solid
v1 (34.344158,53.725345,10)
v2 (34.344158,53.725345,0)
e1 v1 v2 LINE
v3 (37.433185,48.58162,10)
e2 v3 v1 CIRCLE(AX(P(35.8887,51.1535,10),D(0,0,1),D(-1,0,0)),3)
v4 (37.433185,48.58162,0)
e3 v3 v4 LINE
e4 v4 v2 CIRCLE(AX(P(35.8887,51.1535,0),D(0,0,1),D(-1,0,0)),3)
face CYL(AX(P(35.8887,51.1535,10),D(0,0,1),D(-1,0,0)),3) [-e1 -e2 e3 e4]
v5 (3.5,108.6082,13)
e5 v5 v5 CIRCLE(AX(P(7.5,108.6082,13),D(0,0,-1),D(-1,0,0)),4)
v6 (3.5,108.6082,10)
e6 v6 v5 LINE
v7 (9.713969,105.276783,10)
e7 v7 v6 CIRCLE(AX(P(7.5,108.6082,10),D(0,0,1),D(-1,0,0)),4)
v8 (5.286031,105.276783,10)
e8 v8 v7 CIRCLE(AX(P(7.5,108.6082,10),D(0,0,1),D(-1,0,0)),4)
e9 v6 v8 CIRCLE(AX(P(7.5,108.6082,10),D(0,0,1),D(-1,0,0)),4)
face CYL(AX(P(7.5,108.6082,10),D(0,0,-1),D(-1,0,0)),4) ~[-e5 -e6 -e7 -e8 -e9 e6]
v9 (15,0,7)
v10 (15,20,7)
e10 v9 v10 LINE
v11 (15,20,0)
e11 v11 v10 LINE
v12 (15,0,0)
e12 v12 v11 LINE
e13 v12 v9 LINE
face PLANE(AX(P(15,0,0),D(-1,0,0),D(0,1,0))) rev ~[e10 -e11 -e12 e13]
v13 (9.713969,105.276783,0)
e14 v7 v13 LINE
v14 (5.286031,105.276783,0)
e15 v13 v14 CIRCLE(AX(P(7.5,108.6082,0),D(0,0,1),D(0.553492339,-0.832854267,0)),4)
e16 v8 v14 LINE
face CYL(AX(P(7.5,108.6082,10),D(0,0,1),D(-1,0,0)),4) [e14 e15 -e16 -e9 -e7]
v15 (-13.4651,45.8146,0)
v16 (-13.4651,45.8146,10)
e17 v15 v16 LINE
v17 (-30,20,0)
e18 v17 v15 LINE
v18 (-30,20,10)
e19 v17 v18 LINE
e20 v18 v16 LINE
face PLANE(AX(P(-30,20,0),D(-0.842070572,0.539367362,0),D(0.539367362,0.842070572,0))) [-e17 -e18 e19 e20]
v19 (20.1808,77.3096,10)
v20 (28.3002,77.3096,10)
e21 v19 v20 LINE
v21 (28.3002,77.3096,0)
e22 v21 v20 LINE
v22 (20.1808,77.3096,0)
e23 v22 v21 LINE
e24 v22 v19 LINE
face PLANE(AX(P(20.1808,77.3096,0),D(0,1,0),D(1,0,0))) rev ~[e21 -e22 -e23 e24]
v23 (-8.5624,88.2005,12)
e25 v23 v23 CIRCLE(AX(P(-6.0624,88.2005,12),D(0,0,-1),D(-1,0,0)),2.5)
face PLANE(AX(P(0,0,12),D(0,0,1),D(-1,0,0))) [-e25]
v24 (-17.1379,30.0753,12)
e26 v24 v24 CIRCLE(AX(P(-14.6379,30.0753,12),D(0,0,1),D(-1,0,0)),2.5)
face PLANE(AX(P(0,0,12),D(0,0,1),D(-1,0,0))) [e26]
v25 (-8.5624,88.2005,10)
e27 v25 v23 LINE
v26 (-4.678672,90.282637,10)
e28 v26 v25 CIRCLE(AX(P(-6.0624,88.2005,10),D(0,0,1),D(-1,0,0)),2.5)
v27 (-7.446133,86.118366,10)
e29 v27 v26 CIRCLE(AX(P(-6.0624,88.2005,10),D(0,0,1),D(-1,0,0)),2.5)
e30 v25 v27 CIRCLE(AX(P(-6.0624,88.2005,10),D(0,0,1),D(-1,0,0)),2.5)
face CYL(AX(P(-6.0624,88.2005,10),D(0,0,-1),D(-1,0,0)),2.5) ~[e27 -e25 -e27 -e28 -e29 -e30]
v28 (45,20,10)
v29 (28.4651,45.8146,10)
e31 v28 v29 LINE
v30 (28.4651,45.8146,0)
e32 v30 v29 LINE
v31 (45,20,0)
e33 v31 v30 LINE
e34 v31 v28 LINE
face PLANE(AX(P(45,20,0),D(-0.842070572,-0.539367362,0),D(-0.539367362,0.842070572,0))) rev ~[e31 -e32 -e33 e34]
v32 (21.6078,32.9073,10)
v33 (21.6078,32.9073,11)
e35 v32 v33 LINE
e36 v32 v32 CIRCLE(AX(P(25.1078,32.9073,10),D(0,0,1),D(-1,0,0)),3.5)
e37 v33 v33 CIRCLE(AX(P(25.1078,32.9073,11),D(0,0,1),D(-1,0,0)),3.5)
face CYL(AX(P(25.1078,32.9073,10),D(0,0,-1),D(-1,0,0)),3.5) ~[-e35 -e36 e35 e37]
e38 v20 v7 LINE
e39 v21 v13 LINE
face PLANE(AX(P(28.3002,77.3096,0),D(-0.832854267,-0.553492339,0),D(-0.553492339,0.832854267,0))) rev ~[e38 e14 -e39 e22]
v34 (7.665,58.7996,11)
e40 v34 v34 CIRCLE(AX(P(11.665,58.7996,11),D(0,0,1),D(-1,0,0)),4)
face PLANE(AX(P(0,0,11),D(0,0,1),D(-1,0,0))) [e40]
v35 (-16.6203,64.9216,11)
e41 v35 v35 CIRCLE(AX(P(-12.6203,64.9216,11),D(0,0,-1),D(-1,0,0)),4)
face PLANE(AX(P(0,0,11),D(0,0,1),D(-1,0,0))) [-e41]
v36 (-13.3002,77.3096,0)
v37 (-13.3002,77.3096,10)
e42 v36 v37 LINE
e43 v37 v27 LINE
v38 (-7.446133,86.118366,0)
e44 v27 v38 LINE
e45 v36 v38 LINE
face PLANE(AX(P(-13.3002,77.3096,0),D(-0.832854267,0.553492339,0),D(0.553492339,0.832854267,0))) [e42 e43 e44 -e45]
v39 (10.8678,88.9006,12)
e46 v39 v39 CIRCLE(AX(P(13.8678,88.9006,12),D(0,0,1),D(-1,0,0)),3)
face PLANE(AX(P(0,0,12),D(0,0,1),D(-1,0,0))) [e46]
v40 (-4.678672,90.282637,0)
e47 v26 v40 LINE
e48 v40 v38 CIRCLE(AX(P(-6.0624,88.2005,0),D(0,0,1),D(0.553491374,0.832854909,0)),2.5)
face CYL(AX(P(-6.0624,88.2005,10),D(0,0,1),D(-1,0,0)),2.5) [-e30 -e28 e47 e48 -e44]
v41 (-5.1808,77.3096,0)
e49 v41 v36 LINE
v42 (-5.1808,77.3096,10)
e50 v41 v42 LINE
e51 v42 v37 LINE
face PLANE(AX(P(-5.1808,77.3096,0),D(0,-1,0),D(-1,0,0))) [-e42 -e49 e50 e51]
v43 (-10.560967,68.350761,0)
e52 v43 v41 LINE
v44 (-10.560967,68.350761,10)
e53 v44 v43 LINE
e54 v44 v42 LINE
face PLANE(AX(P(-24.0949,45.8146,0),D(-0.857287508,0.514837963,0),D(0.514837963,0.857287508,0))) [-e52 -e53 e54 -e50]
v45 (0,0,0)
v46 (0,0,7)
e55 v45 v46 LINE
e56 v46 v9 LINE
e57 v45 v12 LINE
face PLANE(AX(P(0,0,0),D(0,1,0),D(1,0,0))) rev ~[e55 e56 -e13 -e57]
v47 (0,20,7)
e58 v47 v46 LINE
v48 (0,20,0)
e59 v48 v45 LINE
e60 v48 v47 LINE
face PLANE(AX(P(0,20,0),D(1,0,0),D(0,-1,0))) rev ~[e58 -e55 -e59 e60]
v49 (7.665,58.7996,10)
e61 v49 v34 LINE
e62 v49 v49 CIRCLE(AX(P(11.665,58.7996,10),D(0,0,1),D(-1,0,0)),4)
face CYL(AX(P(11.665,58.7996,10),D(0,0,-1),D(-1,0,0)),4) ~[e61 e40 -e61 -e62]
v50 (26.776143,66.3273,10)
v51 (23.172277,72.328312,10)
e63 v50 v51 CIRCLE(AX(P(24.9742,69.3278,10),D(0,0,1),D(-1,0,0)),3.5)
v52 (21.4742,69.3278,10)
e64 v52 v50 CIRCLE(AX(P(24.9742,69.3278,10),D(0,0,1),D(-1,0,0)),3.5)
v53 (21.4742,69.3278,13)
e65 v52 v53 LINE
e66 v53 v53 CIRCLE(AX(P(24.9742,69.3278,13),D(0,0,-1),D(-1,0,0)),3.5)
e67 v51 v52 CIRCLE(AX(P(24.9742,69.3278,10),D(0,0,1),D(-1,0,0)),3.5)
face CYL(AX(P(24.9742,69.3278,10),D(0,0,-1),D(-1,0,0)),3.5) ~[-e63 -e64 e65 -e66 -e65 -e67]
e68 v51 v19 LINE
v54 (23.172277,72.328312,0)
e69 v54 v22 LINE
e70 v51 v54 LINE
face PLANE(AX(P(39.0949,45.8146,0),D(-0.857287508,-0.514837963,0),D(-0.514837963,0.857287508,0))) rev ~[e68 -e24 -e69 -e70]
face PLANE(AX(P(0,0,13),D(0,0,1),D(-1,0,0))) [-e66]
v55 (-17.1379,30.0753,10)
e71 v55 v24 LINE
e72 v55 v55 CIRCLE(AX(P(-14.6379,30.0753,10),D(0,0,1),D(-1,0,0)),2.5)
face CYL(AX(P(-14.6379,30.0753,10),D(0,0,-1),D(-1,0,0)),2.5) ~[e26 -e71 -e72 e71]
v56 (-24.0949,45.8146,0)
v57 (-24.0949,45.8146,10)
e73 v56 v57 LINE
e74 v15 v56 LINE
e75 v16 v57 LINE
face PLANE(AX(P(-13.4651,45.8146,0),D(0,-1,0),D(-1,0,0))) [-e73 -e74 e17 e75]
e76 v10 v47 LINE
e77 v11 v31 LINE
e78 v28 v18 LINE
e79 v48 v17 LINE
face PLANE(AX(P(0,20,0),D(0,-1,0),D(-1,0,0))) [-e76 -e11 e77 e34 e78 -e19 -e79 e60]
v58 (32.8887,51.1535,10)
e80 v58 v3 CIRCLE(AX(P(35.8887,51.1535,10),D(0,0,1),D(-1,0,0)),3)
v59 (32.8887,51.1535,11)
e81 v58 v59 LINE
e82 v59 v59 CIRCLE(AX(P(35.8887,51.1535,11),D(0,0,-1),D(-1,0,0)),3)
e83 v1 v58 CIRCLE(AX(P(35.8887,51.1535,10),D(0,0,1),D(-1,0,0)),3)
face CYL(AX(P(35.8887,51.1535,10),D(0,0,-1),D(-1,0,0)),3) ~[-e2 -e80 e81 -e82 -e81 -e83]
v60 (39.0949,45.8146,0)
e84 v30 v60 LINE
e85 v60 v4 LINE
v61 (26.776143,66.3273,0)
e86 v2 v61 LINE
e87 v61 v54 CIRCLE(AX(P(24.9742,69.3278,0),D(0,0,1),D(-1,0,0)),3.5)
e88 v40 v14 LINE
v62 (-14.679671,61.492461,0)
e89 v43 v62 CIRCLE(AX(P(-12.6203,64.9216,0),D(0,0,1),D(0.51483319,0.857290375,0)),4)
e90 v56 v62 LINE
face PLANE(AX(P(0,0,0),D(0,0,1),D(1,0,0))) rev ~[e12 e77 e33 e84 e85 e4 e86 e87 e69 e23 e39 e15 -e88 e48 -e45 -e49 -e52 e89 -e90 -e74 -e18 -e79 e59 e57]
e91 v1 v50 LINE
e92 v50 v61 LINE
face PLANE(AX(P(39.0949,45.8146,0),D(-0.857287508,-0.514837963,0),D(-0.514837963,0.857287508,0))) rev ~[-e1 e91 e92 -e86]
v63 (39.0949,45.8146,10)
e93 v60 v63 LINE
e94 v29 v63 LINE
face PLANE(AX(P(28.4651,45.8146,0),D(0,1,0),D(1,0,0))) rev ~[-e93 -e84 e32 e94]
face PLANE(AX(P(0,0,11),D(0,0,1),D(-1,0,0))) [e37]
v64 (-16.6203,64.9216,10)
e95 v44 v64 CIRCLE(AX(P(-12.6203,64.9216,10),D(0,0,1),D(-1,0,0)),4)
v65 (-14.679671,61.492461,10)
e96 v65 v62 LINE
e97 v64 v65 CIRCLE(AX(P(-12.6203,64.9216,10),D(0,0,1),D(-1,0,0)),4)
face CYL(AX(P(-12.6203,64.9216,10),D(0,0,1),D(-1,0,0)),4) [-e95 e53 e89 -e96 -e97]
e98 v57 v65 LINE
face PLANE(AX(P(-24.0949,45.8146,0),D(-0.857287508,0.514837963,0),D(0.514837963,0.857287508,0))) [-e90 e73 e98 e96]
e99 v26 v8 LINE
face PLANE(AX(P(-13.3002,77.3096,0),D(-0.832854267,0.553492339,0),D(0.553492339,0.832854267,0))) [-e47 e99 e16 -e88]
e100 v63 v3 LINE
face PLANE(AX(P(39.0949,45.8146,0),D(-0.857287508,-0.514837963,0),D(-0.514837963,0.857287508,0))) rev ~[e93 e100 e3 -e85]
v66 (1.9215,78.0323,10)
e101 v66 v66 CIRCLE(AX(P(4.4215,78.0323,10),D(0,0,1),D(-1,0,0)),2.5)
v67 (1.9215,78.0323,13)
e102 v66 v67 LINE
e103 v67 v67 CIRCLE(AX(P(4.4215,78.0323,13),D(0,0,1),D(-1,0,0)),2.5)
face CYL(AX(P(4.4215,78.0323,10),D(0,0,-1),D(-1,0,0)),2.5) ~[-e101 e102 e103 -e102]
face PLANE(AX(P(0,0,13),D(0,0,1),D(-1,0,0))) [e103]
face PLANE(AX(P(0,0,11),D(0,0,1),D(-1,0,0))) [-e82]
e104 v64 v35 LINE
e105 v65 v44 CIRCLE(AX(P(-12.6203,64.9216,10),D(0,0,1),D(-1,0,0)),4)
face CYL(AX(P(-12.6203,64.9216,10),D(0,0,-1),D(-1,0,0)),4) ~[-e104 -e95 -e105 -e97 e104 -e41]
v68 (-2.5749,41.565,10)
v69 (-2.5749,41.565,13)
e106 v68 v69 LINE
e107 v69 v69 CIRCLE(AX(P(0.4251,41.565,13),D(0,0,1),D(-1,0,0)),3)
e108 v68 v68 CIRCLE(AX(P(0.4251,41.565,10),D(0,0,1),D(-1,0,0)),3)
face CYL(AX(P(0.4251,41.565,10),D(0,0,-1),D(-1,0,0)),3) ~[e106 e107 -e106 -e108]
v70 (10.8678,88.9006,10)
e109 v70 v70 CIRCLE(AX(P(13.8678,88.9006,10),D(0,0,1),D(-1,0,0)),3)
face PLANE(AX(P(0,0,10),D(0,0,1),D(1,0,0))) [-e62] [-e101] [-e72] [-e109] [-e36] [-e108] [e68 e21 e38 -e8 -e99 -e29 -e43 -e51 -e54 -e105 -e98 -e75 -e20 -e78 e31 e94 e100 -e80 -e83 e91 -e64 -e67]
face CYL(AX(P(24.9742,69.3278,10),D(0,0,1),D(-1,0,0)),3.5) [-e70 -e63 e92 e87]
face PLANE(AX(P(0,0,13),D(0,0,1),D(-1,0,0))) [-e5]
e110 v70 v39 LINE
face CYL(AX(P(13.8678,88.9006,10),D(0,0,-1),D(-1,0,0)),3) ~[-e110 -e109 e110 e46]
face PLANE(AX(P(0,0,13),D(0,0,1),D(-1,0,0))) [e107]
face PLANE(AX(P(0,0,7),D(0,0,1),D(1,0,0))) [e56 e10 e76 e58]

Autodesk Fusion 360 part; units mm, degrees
sketch "Sketch1" plane through (0, 0, 0) normal (0, 0, 1) x (1, 0, 0)
  line L0 (0, 0) -> (15, 0)
  line L1 (15, 0) -> (15, 20)
  line L2 (15, 20) -> (0, 20)
  line L3 (0, 20) -> (0, 0)
  line L4 (0, 20) -> (-30, 20)
  line L5 (15, 20) -> (45, 20)
  line L6 (45, 20) -> (28.4651, 45.8146)
  line L7 (28.4651, 45.8146) -> (39.0949, 45.8146)
  line L8 (39.0949, 45.8146) -> (20.1808, 77.3096)
  line L9 (20.1808, 77.3096) -> (28.3002, 77.3096)
  line L10 (28.3002, 77.3096) -> (7.5, 108.6082)
  line L11 (-13.3002, 77.3096) -> (7.5, 108.6082)
  line L12 (-5.1808, 77.3096) -> (-13.3002, 77.3096)
  line L13 (-24.0949, 45.8146) -> (-5.1808, 77.3096)
  line L14 (-13.4651, 45.8146) -> (-24.0949, 45.8146)
  line L15 (-30, 20) -> (-13.4651, 45.8146)
  dimension "d1" = 15
  dimension "d2" = 20
  dimension "d3" = 30
extrude "Extrude1" add sketch "Sketch1" along normal blind 10 contours L2 L4 L5 L6 L7 L8 L9 L10 L11 L12 L13 L14 L15
extrude "Extrude2" add sketch "Sketch1" along normal blind 7 contours L0 L1 L2 L3
sketch "Sketch2" plane through (0, 0, 10) normal (0, 0, 1) x (-1, 0, 0)
  line L0 (30, -20) -> (-45, -20)
  line L1 (-45, -20) -> (-28.4651, -45.8146)
  line L2 (-28.4651, -45.8146) -> (-39.0949, -45.8146)
  line L3 (-39.0949, -45.8146) -> (-20.1808, -77.3096)
  line L4 (-20.1808, -77.3096) -> (-28.3002, -77.3096)
  line L5 (-28.3002, -77.3096) -> (-7.5, -108.6082)
  line L6 (-7.5, -108.6082) -> (13.3002, -77.3096)
  line L7 (13.3002, -77.3096) -> (5.1808, -77.3096)
  line L8 (5.1808, -77.3096) -> (24.0949, -45.8146)
  line L9 (24.0949, -45.8146) -> (13.4651, -45.8146)
  line L10 (13.4651, -45.8146) -> (30, -20)
  circle A0 centre (6.0624, -88.2005) radius 2.5
  circle A1 centre (-24.9742, -69.3278) radius 3.5
  circle A2 centre (-0.4251, -41.565) radius 3
  circle A3 centre (-25.1078, -32.9073) radius 3.5
  circle A4 centre (-13.8678, -88.9006) radius 3
  circle A5 centre (12.6203, -64.9216) radius 4
  circle A6 centre (-4.4215, -78.0323) radius 2.5
  circle A7 centre (-11.665, -58.7996) radius 4
  circle A8 centre (-7.5, -108.6082) radius 4
  circle A9 centre (14.6379, -30.0753) radius 2.5
  circle A10 centre (-35.8887, -51.1535) radius 3
  dimension "d8" = 5
  dimension "d9" = 7
  dimension "d10" = 6
  dimension "d11" = 7
  dimension "d12" = 6
  dimension "d13" = 8
  dimension "d14" = 5
  dimension "d15" = 8
  dimension "d16" = 8
  dimension "d17" = 5
  dimension "d18" = 6
extrude "Extrude3" add sketch "Sketch2" along normal blind 3 contours L3 A1 | L3 A1 | L5 L6 A8 | L5 L6 A8 | A2 | A6
extrude "Extrude4" add sketch "Sketch2" along normal blind 2 contours L6 A0 | L6 A0 | A4 | A9
extrude "Extrude5" add sketch "Sketch2" along normal blind 1 contours L8 A5 | L8 A5 | L3 A10 | L3 A10 | A3 | A7
extrude "Extrude6" add sketch "Sketch2" against normal blind 10 contours L8 A5 | L3 A10 | L3 A1 | L6 A0 | L5 L6 A8 picked at (13.8963, -64.5349) picked at (-37.2683, -51.7586) picked at (-26.1307, -69.1738) picked at (6.8875, -88.0837) picked at (-4.8478, -108.804)
sketch "Sketch3" plane through (0, 0, 0) normal (0, 0, 1) x (1, 0, 0)
  line L0 (45, 20) -> (15, 20)
  line L1 (15, 20) -> (15, 0)
  line L2 (15, 0) -> (0, 0)
  line L3 (0, 0) -> (0, 20)
  line L4 (0, 20) -> (-30, 20)
  line L5 (-30, 20) -> (-13.4651, 45.8146)
  line L6 (-13.4651, 45.8146) -> (-24.0949, 45.8146)
  line L7 (-24.0949, 45.8146) -> (-14.6797, 61.4925)
  arc A0 (-10.561, 68.3508) -> (-14.6797, 61.4925) centre (-12.6203, 64.9216) ccw
  line L8 (-10.561, 68.3508) -> (-5.1808, 77.3096)
  line L9 (-5.1808, 77.3096) -> (-13.3002, 77.3096)
  line L10 (-13.3002, 77.3096) -> (-7.4461, 86.1184)
  arc A1 (-4.6787, 90.2827) -> (-7.4461, 86.1184) centre (-6.0624, 88.2005) ccw
  line L11 (-4.6787, 90.2827) -> (5.286, 105.2768)
  arc A2 (9.714, 105.2768) -> (5.286, 105.2768) centre (7.5, 108.6082) ccw
  line L12 (9.714, 105.2768) -> (28.3002, 77.3096)
  line L13 (28.3002, 77.3096) -> (20.1808, 77.3096)
  line L14 (20.1808, 77.3096) -> (23.1723, 72.3283)
  arc A3 (26.7762, 66.3273) -> (23.1723, 72.3283) centre (24.9742, 69.3278) ccw
  line L15 (26.7762, 66.3273) -> (34.3442, 53.7254)
  arc A4 (37.4332, 48.5817) -> (34.3442, 53.7254) centre (35.8887, 51.1535) ccw
  line L16 (37.4332, 48.5817) -> (39.0949, 45.8146)
  line L17 (39.0949, 45.8146) -> (28.4651, 45.8146)
  line L18 (28.4651, 45.8146) -> (45, 20)
  circle A5 centre (4.4215, 78.0323) radius 2.5
  circle A6 centre (-12.6203, 64.9216) radius 4
  line L19 (7.5, 108.6082) -> (-13.3002, 77.3096)
  circle A7 centre (-6.0624, 88.2005) radius 2.5
  circle A8 centre (13.8678, 88.9006) radius 3
  circle A9 centre (7.5, 108.6082) radius 4
  circle A10 centre (24.9742, 69.3278) radius 3.5
  circle A11 centre (24.9742, 69.3278) radius 3.5
  circle A12 centre (11.665, 58.7996) radius 4
  circle A13 centre (0.4251, 41.565) radius 3
  circle A14 centre (25.1078, 32.9073) radius 3.5
  circle A15 centre (-14.6379, 30.0753) radius 2.5
  circle A16 centre (35.8887, 51.1535) radius 3
  line L20 (0, 20) -> (0, 0)
  line L21 (0, 0) -> (15, 0)
  line L22 (15, 0) -> (15, 20)
  line L23 (15, 20) -> (0, 20)
